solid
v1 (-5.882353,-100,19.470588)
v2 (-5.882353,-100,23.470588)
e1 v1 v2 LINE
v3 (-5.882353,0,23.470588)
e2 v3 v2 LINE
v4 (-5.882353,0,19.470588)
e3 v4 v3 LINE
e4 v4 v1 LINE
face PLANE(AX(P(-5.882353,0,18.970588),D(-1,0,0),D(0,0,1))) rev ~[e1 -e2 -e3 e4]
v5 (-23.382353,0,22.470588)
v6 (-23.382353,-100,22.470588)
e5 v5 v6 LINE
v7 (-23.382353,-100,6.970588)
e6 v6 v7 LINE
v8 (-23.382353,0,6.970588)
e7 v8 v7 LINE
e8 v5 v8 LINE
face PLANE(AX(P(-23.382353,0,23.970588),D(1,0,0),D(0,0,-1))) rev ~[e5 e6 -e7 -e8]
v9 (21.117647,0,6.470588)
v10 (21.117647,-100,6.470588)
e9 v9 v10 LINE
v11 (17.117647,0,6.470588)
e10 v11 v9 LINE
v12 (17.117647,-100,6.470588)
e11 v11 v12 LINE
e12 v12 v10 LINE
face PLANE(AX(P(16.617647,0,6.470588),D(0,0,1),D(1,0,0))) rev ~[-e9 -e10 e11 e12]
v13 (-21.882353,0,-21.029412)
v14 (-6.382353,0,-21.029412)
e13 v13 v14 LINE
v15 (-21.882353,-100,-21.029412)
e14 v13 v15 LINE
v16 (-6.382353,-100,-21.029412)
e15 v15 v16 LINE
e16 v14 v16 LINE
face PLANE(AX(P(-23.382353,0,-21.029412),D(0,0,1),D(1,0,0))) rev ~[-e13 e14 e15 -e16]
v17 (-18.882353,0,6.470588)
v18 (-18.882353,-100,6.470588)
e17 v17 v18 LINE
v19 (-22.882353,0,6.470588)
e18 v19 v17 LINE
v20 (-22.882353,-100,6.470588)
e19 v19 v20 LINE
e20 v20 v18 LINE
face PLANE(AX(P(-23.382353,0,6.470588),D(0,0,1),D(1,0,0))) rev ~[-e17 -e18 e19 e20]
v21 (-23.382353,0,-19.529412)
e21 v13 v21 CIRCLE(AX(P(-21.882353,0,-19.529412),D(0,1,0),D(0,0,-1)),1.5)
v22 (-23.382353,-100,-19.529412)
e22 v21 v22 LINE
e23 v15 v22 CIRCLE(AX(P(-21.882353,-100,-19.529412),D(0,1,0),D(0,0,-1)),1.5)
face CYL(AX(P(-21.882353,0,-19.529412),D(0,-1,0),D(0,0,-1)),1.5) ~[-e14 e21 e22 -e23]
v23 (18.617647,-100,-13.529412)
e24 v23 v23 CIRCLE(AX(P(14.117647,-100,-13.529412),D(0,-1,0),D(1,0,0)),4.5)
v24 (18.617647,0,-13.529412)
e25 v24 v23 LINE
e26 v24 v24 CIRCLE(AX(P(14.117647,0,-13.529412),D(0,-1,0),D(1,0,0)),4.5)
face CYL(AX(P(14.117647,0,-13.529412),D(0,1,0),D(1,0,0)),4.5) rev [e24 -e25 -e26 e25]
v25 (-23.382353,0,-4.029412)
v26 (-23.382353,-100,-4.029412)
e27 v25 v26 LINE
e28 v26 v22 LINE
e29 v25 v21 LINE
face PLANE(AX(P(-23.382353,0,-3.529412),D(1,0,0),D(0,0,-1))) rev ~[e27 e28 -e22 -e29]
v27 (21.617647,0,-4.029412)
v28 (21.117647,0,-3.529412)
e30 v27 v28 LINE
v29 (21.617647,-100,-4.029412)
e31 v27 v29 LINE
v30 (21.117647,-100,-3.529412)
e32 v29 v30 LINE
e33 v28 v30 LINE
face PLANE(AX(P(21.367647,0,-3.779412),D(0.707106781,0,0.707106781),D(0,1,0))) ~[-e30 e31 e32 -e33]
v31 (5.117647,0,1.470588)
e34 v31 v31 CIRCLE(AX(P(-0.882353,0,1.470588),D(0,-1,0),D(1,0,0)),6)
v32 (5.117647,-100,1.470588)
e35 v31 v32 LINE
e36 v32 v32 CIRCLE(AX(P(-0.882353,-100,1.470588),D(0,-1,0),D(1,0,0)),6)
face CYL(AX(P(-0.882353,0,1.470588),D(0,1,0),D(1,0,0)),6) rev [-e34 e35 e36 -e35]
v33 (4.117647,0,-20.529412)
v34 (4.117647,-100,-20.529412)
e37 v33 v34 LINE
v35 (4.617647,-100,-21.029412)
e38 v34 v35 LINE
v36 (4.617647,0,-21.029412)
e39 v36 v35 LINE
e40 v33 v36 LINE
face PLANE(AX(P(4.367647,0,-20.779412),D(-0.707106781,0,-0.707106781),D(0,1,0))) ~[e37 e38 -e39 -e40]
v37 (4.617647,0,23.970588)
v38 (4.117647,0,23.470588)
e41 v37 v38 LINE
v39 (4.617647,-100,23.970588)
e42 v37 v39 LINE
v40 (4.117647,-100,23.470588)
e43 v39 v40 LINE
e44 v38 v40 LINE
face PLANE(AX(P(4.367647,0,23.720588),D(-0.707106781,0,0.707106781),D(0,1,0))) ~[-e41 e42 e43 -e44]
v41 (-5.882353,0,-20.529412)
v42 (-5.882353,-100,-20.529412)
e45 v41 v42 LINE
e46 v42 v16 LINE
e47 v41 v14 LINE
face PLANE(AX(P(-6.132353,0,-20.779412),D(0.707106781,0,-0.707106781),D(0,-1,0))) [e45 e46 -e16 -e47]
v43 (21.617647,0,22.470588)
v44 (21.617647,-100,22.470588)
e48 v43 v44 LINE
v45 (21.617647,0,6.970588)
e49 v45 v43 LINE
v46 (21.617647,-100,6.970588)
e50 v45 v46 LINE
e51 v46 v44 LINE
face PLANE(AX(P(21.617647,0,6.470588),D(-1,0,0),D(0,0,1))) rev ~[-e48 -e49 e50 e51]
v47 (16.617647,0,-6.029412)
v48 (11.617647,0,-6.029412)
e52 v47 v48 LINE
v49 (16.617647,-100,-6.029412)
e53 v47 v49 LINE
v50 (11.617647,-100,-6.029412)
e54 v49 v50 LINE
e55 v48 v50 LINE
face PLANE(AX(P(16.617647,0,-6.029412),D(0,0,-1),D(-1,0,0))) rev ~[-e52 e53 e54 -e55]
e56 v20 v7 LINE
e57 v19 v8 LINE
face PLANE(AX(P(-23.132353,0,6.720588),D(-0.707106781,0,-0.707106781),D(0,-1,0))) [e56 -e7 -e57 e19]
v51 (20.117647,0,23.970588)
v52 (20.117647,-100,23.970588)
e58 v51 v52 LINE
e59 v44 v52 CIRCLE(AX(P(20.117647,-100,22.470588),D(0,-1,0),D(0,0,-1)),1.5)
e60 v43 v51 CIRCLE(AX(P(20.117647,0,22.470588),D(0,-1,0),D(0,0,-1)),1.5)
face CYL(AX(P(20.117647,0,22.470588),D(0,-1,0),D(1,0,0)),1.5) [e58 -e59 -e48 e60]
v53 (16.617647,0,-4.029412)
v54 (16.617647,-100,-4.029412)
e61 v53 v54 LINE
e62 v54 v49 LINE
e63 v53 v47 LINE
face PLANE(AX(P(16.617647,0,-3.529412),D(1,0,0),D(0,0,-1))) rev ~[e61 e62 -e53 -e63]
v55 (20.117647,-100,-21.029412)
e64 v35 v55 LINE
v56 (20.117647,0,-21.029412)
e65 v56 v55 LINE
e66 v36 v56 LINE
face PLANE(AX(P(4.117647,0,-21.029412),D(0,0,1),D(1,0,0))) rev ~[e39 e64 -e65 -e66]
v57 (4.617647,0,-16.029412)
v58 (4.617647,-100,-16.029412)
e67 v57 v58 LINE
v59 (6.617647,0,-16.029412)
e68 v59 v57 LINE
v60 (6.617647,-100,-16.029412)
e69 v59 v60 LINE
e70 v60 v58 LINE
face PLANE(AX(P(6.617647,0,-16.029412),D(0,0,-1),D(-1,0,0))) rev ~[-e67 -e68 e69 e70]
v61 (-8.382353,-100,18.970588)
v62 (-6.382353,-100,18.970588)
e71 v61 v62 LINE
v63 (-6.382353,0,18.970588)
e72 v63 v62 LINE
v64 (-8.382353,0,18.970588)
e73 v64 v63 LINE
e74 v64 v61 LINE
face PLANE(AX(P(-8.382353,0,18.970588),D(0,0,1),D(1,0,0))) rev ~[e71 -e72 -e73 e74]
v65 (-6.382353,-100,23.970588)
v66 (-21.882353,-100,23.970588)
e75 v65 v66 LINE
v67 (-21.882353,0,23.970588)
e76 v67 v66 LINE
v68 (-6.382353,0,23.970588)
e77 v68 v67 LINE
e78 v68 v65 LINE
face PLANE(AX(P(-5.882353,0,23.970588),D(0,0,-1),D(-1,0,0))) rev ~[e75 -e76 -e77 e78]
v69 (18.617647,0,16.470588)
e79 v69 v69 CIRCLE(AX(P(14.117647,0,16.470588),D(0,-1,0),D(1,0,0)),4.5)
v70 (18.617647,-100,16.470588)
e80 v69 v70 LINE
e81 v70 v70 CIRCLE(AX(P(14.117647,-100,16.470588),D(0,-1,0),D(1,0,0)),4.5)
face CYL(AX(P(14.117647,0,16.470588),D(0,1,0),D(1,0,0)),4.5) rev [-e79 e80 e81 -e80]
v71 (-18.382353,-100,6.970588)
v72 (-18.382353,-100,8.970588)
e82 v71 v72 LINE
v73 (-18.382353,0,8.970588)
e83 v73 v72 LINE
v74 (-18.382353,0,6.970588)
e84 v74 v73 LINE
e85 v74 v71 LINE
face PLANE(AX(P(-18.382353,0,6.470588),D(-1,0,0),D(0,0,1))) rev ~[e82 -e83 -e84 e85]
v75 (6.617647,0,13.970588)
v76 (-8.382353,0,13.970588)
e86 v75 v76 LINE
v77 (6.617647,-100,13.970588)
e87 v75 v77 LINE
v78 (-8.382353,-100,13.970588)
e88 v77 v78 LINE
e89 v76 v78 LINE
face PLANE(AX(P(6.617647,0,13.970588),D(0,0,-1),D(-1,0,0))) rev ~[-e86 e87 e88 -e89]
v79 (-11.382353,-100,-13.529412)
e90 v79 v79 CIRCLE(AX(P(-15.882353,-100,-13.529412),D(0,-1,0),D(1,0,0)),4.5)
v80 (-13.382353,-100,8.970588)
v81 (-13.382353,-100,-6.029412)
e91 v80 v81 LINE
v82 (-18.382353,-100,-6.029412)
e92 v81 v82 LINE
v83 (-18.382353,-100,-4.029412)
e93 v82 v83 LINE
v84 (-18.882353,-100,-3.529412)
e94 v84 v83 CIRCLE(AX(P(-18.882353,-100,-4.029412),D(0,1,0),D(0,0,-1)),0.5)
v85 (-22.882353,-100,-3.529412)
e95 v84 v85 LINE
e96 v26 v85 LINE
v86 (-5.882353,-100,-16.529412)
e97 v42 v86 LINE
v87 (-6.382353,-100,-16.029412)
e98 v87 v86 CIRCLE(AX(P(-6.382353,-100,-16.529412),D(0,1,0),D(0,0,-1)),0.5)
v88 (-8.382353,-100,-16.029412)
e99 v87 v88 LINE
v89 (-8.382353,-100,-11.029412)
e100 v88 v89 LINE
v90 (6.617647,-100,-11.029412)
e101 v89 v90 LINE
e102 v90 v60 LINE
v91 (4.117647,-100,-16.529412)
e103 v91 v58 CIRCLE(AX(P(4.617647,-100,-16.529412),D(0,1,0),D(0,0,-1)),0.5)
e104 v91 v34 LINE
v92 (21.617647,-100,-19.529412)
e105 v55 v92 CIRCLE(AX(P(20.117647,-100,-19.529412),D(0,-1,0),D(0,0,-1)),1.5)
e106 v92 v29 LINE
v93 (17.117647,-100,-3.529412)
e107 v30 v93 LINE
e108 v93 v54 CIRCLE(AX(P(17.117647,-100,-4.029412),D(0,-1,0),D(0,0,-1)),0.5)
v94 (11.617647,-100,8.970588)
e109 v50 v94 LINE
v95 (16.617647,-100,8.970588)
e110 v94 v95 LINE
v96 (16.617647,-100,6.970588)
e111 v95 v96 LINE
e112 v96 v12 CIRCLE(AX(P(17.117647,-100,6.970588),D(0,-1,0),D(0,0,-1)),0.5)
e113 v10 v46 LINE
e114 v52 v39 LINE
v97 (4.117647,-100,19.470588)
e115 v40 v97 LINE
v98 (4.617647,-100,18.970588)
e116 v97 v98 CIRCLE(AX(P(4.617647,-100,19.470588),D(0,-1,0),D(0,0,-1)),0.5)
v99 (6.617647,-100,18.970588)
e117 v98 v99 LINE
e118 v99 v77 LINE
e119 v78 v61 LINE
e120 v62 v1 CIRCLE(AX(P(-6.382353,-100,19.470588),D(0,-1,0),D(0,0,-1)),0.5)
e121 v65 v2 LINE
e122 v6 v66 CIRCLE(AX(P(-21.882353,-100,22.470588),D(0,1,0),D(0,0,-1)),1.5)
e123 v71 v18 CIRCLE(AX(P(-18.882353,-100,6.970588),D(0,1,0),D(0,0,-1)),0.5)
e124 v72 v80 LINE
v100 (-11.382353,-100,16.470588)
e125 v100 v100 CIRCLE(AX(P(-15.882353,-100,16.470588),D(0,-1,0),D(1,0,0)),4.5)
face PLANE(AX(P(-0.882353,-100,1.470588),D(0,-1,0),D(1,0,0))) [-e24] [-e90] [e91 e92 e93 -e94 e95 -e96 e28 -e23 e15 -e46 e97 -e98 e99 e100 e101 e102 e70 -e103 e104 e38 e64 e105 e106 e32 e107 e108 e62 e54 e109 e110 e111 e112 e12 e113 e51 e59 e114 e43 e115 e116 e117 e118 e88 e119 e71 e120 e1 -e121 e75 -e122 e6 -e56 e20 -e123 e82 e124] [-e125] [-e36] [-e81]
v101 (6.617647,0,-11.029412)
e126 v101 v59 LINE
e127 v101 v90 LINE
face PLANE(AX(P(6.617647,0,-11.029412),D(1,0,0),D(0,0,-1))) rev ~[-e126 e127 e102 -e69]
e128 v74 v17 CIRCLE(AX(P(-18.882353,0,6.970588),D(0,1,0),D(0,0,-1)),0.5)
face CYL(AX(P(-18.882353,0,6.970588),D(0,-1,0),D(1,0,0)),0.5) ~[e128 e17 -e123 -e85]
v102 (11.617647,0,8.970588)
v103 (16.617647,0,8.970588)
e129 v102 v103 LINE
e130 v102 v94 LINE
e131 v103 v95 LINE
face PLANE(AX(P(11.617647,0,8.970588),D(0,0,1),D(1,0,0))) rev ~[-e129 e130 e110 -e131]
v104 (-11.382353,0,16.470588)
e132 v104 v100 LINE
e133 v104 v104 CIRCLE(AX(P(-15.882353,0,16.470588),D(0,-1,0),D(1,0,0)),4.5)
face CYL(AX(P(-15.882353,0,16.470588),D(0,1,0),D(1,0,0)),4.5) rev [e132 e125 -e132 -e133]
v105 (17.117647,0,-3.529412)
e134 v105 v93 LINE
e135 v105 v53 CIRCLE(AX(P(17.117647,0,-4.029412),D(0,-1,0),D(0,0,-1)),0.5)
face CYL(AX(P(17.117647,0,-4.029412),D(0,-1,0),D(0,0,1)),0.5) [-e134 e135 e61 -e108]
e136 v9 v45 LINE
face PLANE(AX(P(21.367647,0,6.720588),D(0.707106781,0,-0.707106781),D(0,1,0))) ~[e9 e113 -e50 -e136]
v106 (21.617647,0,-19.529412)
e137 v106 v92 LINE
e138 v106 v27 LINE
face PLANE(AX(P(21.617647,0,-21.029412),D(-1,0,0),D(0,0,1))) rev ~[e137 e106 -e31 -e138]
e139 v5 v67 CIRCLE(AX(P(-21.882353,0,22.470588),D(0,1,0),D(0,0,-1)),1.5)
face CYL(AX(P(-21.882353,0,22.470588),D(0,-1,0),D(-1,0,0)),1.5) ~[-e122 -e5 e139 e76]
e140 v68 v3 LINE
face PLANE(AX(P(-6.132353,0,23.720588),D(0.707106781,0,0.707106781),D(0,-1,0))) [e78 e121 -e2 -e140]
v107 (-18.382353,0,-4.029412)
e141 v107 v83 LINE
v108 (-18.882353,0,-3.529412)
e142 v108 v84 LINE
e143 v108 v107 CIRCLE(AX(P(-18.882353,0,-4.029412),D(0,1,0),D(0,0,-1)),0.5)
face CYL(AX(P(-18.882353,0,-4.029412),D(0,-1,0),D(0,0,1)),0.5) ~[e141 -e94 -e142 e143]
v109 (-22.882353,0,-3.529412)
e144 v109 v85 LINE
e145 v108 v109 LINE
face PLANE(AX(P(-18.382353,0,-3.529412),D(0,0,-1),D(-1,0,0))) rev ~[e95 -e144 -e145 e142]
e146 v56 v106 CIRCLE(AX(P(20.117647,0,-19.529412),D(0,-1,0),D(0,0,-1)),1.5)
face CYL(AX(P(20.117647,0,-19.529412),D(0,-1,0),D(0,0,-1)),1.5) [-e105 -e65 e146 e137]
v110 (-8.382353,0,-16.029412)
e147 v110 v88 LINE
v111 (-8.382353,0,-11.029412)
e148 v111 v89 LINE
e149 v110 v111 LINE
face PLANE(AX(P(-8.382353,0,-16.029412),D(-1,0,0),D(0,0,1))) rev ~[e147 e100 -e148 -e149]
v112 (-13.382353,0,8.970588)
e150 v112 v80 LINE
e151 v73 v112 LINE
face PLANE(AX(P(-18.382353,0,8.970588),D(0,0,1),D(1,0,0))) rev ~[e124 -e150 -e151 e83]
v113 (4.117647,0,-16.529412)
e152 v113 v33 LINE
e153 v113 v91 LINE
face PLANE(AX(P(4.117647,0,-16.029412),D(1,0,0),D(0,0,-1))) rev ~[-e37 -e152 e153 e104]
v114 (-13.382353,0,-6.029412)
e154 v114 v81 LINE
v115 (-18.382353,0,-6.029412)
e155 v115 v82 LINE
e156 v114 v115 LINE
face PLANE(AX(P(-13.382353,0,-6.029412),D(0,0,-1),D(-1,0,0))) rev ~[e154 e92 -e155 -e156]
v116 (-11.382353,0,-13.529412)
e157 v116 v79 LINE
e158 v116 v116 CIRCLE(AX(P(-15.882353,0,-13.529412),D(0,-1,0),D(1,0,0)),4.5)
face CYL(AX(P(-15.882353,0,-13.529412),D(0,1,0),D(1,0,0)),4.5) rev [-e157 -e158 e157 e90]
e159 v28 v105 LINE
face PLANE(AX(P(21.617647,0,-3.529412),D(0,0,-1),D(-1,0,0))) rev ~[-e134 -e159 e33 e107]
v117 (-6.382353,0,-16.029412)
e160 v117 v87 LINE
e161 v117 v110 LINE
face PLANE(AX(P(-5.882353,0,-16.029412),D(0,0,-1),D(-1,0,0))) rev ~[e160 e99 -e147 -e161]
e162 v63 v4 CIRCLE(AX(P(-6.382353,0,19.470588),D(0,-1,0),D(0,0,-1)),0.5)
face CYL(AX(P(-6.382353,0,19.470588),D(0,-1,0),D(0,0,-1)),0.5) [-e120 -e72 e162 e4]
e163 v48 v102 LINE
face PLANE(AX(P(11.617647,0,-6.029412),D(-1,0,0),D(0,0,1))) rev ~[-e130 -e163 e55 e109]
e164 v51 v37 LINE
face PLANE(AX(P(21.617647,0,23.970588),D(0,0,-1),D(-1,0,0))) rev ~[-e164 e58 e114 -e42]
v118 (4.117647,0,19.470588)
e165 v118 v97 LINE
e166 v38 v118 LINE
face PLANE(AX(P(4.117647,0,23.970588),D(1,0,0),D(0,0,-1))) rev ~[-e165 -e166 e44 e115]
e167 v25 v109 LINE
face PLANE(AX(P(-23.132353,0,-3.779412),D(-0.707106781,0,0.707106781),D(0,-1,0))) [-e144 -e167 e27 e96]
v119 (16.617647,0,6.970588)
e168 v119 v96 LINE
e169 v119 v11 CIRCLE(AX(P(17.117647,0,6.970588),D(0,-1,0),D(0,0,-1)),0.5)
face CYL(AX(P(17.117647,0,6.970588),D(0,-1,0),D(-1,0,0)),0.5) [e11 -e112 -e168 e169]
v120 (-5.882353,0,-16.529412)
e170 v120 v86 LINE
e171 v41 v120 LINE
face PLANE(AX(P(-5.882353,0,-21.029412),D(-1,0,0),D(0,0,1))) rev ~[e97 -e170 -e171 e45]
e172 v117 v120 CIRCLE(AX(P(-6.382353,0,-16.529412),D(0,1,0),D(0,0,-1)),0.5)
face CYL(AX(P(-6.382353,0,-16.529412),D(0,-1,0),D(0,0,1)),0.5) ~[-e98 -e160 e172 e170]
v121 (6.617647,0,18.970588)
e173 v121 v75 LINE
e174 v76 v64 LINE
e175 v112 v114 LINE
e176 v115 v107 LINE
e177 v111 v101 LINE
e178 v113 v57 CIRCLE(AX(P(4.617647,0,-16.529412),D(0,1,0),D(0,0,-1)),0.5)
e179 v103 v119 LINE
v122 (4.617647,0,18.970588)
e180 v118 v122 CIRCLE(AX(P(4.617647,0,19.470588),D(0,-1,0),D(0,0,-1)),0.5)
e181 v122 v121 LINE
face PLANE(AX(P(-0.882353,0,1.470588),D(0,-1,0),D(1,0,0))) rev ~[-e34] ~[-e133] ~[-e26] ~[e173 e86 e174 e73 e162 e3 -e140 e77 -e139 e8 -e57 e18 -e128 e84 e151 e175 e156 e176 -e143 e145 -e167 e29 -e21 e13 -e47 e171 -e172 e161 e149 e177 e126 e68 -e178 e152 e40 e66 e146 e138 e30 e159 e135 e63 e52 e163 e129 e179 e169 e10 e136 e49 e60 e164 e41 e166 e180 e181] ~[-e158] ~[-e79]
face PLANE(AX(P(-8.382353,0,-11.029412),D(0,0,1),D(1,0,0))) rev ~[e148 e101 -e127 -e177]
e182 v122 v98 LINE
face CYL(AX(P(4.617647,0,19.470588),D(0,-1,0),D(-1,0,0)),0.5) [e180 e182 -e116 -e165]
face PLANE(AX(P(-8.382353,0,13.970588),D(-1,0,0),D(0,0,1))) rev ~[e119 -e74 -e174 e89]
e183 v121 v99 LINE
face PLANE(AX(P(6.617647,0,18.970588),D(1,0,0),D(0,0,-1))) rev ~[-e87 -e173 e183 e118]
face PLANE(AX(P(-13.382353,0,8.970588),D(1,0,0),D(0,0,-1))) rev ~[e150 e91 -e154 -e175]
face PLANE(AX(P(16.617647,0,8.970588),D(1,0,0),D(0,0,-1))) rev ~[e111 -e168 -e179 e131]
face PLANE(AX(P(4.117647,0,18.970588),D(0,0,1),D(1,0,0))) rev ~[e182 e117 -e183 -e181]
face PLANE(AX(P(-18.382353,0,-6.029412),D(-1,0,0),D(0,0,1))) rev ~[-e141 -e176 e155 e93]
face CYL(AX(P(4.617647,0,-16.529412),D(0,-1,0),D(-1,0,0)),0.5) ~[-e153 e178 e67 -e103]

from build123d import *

# Parameters (mm, degrees)
F0_R     = 4.5
F0_R_2   = 6
F1_DEPTH = 100
F2_R     = 1.5
F3_R     = 0.5
F4_SIZE  = 0.5


with BuildPart() as f1:
    # F0 (on Front) → F1 (new body)
    with BuildSketch(Plane.XZ):
        Polygon((4.117647, -21.029412), (21.617647, -21.029412), (21.617647, -3.529412), (16.617647, -3.529412), (16.617647, -6.029412), (11.617647, -6.029412), (11.617647, 8.970588), (16.617647, 8.970588), (16.617647, 6.470588), (21.617647, 6.470588), (21.617647, 23.970588), (4.117647, 23.970588), (4.117647, 18.970588), (6.617647, 18.970588), (6.617647, 13.970588), (-8.382353, 13.970588), (-8.382353, 18.970588), (-5.882353, 18.970588), (-5.882353, 23.970588), (-23.382353, 23.970588), (-23.382353, 6.470588), (-18.382353, 6.470588), (-18.382353, 8.970588), (-13.382353, 8.970588), (-13.382353, -6.029412), (-18.382353, -6.029412), (-18.382353, -3.529412), (-23.382353, -3.529412), (-23.382353, -21.029412), (-5.882353, -21.029412), (-5.882353, -16.029412), (-8.382353, -16.029412), (-8.382353, -11.029412), (6.617647, -11.029412), (6.617647, -16.029412), (4.117647, -16.029412), align=None)
        with Locations((-15.882353, -13.529412)):
            Circle(F0_R, mode=Mode.SUBTRACT)
        with Locations((14.117647, -13.529412)):
            Circle(F0_R, mode=Mode.SUBTRACT)
        with Locations((-0.882353, 1.470588)):
            Circle(F0_R_2, mode=Mode.SUBTRACT)
        with Locations((-15.882353, 16.470588)):
            Circle(F0_R, mode=Mode.SUBTRACT)
        with Locations((14.117647, 16.470588)):
            Circle(F0_R, mode=Mode.SUBTRACT)
    extrude(amount=F1_DEPTH)

    # F2
    f2_edges = [f1.edges().sort_by_distance(p)[0] for p in [
        (21.617647, -50, 23.970588),
        (21.617647, -50, -21.029412),
        (-23.382353, -50, 23.970588),
        (-23.382353, -50, -21.029412),
    ]]
    fillet(f2_edges, radius=F2_R)

    # F3
    f3_edges = [f1.edges().sort_by_distance(p)[0] for p in [
        (-18.382353, -50, 6.470588),
        (-5.882353, -50, 18.970588),
        (4.117647, -50, 18.970588),
        (16.617647, -50, 6.470588),
        (4.117647, -50, -16.029412),
        (16.617647, -50, -3.529412),
        (-5.882353, -50, -16.029412),
        (-18.382353, -50, -3.529412),
    ]]
    fillet(f3_edges, radius=F3_R)

    # F4
    f4_edges = [f1.edges().sort_by_distance(p)[0] for p in [
        (-5.882353, -50, 23.970588),
        (4.117647, -50, 23.970588),
        (21.617647, -50, 6.470588),
        (21.617647, -50, -3.529412),
        (-5.882353, -50, -21.029412),
        (-23.382353, -50, -3.529412),
        (-23.382353, -50, 6.470588),
        (4.117647, -50, -21.029412),
    ]]
    chamfer(f4_edges, length=F4_SIZE)


solid = f1.part
